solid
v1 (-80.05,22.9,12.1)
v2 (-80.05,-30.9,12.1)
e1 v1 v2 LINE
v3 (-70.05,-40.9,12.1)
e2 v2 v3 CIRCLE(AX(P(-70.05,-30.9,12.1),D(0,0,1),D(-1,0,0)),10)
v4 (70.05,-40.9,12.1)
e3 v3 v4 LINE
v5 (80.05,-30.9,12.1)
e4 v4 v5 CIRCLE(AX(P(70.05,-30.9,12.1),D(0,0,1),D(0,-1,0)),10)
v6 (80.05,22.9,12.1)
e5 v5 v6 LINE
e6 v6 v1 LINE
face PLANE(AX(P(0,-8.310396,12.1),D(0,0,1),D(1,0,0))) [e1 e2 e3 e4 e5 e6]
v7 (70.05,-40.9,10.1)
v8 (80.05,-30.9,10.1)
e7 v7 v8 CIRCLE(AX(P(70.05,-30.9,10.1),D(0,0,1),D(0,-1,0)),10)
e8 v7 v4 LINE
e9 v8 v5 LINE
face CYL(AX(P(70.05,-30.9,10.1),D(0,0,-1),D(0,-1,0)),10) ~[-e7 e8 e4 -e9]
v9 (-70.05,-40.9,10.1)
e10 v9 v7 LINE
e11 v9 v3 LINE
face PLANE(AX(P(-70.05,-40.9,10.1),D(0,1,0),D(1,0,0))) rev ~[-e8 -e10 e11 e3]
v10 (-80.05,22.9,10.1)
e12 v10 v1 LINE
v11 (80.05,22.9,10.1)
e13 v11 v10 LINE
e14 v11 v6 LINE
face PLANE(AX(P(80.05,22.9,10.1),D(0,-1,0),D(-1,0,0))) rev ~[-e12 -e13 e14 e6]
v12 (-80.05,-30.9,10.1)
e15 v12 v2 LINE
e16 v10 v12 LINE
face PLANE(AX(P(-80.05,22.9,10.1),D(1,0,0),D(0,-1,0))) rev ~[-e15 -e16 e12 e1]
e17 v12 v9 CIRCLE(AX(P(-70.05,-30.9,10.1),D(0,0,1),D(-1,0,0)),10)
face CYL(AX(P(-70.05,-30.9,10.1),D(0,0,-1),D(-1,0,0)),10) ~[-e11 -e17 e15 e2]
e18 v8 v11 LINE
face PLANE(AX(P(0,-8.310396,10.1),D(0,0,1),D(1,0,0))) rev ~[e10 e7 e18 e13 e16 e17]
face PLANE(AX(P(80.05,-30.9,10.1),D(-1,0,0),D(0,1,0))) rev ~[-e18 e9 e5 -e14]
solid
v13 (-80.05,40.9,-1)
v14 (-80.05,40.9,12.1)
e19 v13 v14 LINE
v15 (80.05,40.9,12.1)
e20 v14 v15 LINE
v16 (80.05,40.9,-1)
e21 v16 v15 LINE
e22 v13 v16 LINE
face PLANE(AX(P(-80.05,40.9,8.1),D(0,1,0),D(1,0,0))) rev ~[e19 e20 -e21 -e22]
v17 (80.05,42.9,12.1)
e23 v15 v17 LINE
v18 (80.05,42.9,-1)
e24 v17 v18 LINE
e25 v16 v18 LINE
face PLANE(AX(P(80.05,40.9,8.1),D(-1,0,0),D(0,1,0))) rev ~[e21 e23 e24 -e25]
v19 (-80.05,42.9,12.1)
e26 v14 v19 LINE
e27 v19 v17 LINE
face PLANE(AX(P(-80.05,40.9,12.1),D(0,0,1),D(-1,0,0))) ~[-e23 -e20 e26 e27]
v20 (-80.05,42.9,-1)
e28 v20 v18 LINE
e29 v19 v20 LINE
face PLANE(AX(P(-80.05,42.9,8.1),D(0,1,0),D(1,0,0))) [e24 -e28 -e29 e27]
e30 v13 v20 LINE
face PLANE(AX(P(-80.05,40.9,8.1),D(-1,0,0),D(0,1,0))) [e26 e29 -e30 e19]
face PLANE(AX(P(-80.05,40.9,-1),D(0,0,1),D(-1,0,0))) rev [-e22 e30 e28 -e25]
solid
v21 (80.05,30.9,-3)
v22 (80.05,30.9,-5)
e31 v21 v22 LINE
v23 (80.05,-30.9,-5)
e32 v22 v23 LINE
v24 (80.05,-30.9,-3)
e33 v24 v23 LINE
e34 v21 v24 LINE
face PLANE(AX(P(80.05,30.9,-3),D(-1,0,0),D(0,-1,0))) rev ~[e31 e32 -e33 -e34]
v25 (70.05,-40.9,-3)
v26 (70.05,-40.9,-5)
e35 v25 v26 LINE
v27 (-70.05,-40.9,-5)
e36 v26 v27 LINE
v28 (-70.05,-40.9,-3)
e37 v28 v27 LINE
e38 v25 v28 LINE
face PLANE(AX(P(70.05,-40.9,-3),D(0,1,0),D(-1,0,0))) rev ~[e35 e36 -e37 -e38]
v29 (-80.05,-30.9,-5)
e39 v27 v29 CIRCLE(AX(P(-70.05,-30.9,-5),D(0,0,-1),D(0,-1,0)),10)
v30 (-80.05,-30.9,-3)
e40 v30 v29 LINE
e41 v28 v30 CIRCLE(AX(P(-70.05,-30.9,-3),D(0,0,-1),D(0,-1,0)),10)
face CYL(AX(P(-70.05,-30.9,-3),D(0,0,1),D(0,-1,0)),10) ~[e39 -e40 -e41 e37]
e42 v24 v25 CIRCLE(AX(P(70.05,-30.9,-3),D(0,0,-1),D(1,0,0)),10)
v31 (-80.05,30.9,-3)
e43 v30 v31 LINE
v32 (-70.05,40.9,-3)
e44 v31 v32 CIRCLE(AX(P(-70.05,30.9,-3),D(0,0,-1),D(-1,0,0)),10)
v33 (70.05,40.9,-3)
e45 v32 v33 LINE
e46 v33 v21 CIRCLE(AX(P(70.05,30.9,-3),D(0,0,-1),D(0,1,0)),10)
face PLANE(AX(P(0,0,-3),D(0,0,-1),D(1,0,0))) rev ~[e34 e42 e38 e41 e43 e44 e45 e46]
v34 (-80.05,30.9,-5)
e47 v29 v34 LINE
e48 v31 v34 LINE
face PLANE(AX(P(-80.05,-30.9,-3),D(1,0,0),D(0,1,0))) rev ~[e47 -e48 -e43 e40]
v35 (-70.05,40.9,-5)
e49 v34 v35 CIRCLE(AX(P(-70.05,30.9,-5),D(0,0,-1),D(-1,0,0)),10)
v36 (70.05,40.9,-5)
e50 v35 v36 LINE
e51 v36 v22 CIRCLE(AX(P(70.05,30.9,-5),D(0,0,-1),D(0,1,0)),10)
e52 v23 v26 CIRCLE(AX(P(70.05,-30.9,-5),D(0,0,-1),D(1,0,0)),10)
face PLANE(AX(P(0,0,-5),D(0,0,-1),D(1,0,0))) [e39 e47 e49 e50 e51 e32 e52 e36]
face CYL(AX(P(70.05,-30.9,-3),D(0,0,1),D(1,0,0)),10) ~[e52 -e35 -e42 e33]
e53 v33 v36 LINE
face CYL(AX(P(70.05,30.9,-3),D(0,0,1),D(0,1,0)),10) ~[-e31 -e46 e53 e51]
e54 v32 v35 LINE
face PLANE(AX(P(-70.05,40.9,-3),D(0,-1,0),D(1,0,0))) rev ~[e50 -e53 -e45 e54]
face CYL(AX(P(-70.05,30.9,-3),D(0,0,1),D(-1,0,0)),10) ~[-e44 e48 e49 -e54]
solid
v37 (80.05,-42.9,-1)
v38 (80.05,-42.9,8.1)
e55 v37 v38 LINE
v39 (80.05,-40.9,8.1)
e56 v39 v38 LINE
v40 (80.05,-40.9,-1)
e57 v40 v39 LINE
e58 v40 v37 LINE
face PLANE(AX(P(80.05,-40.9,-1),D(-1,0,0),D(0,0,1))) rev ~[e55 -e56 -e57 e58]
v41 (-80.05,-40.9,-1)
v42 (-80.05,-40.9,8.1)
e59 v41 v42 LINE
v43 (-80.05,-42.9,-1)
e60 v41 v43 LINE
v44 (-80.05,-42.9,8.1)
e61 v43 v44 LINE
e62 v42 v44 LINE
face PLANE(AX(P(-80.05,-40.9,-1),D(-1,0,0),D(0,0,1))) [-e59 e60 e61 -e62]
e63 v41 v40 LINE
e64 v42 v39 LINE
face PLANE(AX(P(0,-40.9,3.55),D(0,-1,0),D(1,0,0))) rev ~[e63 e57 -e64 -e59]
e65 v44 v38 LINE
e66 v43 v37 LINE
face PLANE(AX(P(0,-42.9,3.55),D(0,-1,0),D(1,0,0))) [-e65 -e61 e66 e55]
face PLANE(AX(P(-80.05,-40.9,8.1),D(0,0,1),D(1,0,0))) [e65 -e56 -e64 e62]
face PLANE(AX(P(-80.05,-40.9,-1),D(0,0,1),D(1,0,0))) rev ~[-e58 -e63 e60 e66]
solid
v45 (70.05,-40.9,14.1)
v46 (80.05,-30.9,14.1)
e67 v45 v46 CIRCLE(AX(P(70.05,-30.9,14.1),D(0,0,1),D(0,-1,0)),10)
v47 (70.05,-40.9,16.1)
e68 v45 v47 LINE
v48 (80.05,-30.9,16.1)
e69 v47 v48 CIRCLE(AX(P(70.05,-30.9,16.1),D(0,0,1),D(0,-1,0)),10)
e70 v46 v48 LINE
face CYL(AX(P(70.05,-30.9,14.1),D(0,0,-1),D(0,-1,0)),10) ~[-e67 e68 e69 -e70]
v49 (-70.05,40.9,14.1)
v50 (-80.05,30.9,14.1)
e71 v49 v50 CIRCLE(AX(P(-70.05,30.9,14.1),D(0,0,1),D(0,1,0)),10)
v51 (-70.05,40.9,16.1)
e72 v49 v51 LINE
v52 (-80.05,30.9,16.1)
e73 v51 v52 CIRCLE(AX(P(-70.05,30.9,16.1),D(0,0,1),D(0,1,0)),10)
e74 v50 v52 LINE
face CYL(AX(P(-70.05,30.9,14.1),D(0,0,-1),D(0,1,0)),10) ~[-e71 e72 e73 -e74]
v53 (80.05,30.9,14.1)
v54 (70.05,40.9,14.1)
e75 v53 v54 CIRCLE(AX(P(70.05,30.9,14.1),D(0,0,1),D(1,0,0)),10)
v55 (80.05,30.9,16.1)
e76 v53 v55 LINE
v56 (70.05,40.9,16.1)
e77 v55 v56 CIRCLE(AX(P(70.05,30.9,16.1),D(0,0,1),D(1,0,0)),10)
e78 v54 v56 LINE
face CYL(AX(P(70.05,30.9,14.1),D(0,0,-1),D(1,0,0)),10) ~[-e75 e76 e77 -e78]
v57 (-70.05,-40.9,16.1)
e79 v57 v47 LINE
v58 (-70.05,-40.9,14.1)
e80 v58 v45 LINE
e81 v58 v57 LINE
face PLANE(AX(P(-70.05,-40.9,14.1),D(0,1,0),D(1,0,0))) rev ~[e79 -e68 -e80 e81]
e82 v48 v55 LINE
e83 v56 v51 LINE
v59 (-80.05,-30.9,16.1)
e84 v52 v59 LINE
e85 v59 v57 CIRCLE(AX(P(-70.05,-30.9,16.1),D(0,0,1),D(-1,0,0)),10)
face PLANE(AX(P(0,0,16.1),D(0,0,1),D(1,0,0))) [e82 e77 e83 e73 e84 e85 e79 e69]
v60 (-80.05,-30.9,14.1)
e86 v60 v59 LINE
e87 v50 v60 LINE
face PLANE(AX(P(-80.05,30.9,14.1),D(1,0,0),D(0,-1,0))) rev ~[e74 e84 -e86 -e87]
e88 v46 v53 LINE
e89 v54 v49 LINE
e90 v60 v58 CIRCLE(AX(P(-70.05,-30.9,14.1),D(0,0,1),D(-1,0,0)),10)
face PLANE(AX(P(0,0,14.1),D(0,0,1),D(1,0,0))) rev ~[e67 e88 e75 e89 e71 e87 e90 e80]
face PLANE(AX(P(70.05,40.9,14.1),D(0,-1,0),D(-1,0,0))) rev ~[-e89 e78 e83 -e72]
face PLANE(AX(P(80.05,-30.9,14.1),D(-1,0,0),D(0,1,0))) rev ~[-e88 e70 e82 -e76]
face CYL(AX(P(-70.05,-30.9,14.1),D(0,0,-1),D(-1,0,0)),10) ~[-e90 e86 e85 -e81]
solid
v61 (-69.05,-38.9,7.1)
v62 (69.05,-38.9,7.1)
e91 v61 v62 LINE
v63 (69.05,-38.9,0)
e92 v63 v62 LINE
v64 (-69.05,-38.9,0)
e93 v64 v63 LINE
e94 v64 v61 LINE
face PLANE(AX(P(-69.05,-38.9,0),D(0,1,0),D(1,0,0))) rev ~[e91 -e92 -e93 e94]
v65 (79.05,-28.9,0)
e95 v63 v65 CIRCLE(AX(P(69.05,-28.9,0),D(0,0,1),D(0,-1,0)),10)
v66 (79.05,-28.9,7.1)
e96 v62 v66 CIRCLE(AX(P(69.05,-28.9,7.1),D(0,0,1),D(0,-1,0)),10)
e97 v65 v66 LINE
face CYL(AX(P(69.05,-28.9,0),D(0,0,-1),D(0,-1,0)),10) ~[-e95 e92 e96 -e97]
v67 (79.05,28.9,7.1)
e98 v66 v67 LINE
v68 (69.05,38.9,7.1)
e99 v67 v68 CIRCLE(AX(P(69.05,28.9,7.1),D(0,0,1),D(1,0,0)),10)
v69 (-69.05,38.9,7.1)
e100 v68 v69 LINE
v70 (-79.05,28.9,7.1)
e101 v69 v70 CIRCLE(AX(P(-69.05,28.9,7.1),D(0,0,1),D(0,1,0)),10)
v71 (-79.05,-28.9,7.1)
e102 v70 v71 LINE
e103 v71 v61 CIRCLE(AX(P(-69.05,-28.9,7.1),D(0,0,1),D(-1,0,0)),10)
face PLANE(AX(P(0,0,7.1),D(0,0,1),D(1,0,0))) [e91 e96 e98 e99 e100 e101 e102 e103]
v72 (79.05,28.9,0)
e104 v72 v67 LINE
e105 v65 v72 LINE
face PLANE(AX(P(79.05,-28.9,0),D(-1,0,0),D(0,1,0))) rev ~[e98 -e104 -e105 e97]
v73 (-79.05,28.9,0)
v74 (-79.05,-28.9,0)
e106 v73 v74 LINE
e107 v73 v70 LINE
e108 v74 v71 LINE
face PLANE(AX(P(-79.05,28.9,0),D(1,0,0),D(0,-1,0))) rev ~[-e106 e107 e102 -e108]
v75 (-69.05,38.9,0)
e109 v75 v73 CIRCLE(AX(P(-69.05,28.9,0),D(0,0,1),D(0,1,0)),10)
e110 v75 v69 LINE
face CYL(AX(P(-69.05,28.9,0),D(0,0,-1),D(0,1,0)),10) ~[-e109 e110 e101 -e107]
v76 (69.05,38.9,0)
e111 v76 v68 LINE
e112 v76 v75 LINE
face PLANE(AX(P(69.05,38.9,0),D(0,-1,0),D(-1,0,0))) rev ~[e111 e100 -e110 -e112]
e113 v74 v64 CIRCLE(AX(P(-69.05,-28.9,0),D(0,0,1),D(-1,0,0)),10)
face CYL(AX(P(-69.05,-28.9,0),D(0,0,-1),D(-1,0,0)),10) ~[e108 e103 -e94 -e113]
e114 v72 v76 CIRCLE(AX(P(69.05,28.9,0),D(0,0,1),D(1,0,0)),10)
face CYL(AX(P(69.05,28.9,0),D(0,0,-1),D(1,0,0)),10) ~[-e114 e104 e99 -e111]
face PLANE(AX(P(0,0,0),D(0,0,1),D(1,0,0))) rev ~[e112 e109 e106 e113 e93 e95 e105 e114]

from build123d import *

# Parameters (mm, degrees)
F1_DEPTH  = 7.1
F3_W      = 160.1
F3_H      = 9.1
F4_DEPTH  = 2
F8_DEPTH  = 2
F11_DEPTH = 2
F14_DEPTH = 2
F15_DEPTH = 4


with BuildPart() as f1:
    # F0 (on Top) → F1 (new body)
    with BuildSketch(Plane.XY):
        with BuildLine():
            Line((69.05, 38.9), (-69.05, 38.9))
            ThreePointArc((-69.05, 38.9), (-76.1210678119, 35.9710678119), (-79.05, 28.9))
            Line((-79.05, 28.9), (-79.05, -28.9))
            ThreePointArc((-79.05, -28.9), (-76.1210678119, -35.9710678119), (-69.05, -38.9))
            Line((-69.05, -38.9), (69.05, -38.9))
            ThreePointArc((69.05, -38.9), (76.1210678119, -35.9710678119), (79.05, -28.9))
            Line((79.05, -28.9), (79.05, 28.9))
            ThreePointArc((79.05, 28.9), (76.1210678119, 35.9710678119), (69.05, 38.9))
        make_face()
    extrude(amount=F1_DEPTH)


with BuildPart() as f4:
    # F3 (on offset) → F4 (new body)
    with BuildSketch(Plane.XZ.offset(40.9)):
        with Locations((0, 3.55)):
            Rectangle(F3_W, F3_H)
    extrude(amount=F4_DEPTH)


with BuildPart() as f5_1:
    # F5: instance of F4
    add(f4.part.mirror(Plane.XZ))

    # F15 (add): a face of the model
    f15_faces = [f5_1.faces().sort_by_distance(p)[0] for p in [
        (0, 41.9, 8.1),
    ]]
    extrude(f15_faces, amount=F15_DEPTH)


with BuildPart() as f8:
    # F7 (on offset) → F8 (new body)
    with BuildSketch(Plane(origin=(0, 0, -3), x_dir=(1, 0, 0), z_dir=(0, 0, -1))):
        with BuildLine():
            ThreePointArc((80.05, 30.9), (77.1210678119, 37.9710678119), (70.05, 40.9))
            Line((70.05, 40.9), (-70.05, 40.9))
            ThreePointArc((-70.05, 40.9), (-77.1210678119, 37.9710678119), (-80.05, 30.9))
            Line((-80.05, 30.9), (-80.05, -30.9))
            ThreePointArc((-80.05, -30.9), (-77.1210678119, -37.9710678119), (-70.05, -40.9))
            Line((-70.05, -40.9), (70.05, -40.9))
            ThreePointArc((70.05, -40.9), (77.1210678119, -37.9710678119), (80.05, -30.9))
            Line((80.05, -30.9), (80.05, 30.9))
        make_face()
    extrude(amount=F8_DEPTH)


with BuildPart() as f11:
    # F10 (on offset) → F11 (new body)
    with BuildSketch(Plane.XY.offset(10.1)):
        with BuildLine():
            Line((-70.05, -40.9), (70.05, -40.9))
            ThreePointArc((70.05, -40.9), (77.1210678119, -37.9710678119), (80.05, -30.9))
            Line((80.05, -30.9), (80.05, 22.9))
            Line((80.05, 22.9), (-80.05, 22.9))
            Line((-80.05, 22.9), (-80.05, -30.9))
            ThreePointArc((-80.05, -30.9), (-77.1210678119, -37.9710678119), (-70.05, -40.9))
        make_face()
    extrude(amount=F11_DEPTH)


with BuildPart() as f14:
    # F13 (on offset) → F14 (new body)
    with BuildSketch(Plane.XY.offset(14.1)):
        with BuildLine():
            ThreePointArc((80.05, 30.9), (77.1210678119, 37.9710678119), (70.05, 40.9))
            Line((70.05, 40.9), (-70.05, 40.9))
            ThreePointArc((-70.05, 40.9), (-77.1210678119, 37.9710678119), (-80.05, 30.9))
            Line((-80.05, 30.9), (-80.05, -30.9))
            ThreePointArc((-80.05, -30.9), (-77.1210678119, -37.9710678119), (-70.05, -40.9))
            Line((-70.05, -40.9), (70.05, -40.9))
            ThreePointArc((70.05, -40.9), (77.1210678119, -37.9710678119), (80.05, -30.9))
            Line((80.05, -30.9), (80.05, 30.9))
        make_face()
    extrude(amount=F14_DEPTH)


solid = Compound([f1.part, f4.part, f5_1.part, f8.part, f11.part, f14.part])
